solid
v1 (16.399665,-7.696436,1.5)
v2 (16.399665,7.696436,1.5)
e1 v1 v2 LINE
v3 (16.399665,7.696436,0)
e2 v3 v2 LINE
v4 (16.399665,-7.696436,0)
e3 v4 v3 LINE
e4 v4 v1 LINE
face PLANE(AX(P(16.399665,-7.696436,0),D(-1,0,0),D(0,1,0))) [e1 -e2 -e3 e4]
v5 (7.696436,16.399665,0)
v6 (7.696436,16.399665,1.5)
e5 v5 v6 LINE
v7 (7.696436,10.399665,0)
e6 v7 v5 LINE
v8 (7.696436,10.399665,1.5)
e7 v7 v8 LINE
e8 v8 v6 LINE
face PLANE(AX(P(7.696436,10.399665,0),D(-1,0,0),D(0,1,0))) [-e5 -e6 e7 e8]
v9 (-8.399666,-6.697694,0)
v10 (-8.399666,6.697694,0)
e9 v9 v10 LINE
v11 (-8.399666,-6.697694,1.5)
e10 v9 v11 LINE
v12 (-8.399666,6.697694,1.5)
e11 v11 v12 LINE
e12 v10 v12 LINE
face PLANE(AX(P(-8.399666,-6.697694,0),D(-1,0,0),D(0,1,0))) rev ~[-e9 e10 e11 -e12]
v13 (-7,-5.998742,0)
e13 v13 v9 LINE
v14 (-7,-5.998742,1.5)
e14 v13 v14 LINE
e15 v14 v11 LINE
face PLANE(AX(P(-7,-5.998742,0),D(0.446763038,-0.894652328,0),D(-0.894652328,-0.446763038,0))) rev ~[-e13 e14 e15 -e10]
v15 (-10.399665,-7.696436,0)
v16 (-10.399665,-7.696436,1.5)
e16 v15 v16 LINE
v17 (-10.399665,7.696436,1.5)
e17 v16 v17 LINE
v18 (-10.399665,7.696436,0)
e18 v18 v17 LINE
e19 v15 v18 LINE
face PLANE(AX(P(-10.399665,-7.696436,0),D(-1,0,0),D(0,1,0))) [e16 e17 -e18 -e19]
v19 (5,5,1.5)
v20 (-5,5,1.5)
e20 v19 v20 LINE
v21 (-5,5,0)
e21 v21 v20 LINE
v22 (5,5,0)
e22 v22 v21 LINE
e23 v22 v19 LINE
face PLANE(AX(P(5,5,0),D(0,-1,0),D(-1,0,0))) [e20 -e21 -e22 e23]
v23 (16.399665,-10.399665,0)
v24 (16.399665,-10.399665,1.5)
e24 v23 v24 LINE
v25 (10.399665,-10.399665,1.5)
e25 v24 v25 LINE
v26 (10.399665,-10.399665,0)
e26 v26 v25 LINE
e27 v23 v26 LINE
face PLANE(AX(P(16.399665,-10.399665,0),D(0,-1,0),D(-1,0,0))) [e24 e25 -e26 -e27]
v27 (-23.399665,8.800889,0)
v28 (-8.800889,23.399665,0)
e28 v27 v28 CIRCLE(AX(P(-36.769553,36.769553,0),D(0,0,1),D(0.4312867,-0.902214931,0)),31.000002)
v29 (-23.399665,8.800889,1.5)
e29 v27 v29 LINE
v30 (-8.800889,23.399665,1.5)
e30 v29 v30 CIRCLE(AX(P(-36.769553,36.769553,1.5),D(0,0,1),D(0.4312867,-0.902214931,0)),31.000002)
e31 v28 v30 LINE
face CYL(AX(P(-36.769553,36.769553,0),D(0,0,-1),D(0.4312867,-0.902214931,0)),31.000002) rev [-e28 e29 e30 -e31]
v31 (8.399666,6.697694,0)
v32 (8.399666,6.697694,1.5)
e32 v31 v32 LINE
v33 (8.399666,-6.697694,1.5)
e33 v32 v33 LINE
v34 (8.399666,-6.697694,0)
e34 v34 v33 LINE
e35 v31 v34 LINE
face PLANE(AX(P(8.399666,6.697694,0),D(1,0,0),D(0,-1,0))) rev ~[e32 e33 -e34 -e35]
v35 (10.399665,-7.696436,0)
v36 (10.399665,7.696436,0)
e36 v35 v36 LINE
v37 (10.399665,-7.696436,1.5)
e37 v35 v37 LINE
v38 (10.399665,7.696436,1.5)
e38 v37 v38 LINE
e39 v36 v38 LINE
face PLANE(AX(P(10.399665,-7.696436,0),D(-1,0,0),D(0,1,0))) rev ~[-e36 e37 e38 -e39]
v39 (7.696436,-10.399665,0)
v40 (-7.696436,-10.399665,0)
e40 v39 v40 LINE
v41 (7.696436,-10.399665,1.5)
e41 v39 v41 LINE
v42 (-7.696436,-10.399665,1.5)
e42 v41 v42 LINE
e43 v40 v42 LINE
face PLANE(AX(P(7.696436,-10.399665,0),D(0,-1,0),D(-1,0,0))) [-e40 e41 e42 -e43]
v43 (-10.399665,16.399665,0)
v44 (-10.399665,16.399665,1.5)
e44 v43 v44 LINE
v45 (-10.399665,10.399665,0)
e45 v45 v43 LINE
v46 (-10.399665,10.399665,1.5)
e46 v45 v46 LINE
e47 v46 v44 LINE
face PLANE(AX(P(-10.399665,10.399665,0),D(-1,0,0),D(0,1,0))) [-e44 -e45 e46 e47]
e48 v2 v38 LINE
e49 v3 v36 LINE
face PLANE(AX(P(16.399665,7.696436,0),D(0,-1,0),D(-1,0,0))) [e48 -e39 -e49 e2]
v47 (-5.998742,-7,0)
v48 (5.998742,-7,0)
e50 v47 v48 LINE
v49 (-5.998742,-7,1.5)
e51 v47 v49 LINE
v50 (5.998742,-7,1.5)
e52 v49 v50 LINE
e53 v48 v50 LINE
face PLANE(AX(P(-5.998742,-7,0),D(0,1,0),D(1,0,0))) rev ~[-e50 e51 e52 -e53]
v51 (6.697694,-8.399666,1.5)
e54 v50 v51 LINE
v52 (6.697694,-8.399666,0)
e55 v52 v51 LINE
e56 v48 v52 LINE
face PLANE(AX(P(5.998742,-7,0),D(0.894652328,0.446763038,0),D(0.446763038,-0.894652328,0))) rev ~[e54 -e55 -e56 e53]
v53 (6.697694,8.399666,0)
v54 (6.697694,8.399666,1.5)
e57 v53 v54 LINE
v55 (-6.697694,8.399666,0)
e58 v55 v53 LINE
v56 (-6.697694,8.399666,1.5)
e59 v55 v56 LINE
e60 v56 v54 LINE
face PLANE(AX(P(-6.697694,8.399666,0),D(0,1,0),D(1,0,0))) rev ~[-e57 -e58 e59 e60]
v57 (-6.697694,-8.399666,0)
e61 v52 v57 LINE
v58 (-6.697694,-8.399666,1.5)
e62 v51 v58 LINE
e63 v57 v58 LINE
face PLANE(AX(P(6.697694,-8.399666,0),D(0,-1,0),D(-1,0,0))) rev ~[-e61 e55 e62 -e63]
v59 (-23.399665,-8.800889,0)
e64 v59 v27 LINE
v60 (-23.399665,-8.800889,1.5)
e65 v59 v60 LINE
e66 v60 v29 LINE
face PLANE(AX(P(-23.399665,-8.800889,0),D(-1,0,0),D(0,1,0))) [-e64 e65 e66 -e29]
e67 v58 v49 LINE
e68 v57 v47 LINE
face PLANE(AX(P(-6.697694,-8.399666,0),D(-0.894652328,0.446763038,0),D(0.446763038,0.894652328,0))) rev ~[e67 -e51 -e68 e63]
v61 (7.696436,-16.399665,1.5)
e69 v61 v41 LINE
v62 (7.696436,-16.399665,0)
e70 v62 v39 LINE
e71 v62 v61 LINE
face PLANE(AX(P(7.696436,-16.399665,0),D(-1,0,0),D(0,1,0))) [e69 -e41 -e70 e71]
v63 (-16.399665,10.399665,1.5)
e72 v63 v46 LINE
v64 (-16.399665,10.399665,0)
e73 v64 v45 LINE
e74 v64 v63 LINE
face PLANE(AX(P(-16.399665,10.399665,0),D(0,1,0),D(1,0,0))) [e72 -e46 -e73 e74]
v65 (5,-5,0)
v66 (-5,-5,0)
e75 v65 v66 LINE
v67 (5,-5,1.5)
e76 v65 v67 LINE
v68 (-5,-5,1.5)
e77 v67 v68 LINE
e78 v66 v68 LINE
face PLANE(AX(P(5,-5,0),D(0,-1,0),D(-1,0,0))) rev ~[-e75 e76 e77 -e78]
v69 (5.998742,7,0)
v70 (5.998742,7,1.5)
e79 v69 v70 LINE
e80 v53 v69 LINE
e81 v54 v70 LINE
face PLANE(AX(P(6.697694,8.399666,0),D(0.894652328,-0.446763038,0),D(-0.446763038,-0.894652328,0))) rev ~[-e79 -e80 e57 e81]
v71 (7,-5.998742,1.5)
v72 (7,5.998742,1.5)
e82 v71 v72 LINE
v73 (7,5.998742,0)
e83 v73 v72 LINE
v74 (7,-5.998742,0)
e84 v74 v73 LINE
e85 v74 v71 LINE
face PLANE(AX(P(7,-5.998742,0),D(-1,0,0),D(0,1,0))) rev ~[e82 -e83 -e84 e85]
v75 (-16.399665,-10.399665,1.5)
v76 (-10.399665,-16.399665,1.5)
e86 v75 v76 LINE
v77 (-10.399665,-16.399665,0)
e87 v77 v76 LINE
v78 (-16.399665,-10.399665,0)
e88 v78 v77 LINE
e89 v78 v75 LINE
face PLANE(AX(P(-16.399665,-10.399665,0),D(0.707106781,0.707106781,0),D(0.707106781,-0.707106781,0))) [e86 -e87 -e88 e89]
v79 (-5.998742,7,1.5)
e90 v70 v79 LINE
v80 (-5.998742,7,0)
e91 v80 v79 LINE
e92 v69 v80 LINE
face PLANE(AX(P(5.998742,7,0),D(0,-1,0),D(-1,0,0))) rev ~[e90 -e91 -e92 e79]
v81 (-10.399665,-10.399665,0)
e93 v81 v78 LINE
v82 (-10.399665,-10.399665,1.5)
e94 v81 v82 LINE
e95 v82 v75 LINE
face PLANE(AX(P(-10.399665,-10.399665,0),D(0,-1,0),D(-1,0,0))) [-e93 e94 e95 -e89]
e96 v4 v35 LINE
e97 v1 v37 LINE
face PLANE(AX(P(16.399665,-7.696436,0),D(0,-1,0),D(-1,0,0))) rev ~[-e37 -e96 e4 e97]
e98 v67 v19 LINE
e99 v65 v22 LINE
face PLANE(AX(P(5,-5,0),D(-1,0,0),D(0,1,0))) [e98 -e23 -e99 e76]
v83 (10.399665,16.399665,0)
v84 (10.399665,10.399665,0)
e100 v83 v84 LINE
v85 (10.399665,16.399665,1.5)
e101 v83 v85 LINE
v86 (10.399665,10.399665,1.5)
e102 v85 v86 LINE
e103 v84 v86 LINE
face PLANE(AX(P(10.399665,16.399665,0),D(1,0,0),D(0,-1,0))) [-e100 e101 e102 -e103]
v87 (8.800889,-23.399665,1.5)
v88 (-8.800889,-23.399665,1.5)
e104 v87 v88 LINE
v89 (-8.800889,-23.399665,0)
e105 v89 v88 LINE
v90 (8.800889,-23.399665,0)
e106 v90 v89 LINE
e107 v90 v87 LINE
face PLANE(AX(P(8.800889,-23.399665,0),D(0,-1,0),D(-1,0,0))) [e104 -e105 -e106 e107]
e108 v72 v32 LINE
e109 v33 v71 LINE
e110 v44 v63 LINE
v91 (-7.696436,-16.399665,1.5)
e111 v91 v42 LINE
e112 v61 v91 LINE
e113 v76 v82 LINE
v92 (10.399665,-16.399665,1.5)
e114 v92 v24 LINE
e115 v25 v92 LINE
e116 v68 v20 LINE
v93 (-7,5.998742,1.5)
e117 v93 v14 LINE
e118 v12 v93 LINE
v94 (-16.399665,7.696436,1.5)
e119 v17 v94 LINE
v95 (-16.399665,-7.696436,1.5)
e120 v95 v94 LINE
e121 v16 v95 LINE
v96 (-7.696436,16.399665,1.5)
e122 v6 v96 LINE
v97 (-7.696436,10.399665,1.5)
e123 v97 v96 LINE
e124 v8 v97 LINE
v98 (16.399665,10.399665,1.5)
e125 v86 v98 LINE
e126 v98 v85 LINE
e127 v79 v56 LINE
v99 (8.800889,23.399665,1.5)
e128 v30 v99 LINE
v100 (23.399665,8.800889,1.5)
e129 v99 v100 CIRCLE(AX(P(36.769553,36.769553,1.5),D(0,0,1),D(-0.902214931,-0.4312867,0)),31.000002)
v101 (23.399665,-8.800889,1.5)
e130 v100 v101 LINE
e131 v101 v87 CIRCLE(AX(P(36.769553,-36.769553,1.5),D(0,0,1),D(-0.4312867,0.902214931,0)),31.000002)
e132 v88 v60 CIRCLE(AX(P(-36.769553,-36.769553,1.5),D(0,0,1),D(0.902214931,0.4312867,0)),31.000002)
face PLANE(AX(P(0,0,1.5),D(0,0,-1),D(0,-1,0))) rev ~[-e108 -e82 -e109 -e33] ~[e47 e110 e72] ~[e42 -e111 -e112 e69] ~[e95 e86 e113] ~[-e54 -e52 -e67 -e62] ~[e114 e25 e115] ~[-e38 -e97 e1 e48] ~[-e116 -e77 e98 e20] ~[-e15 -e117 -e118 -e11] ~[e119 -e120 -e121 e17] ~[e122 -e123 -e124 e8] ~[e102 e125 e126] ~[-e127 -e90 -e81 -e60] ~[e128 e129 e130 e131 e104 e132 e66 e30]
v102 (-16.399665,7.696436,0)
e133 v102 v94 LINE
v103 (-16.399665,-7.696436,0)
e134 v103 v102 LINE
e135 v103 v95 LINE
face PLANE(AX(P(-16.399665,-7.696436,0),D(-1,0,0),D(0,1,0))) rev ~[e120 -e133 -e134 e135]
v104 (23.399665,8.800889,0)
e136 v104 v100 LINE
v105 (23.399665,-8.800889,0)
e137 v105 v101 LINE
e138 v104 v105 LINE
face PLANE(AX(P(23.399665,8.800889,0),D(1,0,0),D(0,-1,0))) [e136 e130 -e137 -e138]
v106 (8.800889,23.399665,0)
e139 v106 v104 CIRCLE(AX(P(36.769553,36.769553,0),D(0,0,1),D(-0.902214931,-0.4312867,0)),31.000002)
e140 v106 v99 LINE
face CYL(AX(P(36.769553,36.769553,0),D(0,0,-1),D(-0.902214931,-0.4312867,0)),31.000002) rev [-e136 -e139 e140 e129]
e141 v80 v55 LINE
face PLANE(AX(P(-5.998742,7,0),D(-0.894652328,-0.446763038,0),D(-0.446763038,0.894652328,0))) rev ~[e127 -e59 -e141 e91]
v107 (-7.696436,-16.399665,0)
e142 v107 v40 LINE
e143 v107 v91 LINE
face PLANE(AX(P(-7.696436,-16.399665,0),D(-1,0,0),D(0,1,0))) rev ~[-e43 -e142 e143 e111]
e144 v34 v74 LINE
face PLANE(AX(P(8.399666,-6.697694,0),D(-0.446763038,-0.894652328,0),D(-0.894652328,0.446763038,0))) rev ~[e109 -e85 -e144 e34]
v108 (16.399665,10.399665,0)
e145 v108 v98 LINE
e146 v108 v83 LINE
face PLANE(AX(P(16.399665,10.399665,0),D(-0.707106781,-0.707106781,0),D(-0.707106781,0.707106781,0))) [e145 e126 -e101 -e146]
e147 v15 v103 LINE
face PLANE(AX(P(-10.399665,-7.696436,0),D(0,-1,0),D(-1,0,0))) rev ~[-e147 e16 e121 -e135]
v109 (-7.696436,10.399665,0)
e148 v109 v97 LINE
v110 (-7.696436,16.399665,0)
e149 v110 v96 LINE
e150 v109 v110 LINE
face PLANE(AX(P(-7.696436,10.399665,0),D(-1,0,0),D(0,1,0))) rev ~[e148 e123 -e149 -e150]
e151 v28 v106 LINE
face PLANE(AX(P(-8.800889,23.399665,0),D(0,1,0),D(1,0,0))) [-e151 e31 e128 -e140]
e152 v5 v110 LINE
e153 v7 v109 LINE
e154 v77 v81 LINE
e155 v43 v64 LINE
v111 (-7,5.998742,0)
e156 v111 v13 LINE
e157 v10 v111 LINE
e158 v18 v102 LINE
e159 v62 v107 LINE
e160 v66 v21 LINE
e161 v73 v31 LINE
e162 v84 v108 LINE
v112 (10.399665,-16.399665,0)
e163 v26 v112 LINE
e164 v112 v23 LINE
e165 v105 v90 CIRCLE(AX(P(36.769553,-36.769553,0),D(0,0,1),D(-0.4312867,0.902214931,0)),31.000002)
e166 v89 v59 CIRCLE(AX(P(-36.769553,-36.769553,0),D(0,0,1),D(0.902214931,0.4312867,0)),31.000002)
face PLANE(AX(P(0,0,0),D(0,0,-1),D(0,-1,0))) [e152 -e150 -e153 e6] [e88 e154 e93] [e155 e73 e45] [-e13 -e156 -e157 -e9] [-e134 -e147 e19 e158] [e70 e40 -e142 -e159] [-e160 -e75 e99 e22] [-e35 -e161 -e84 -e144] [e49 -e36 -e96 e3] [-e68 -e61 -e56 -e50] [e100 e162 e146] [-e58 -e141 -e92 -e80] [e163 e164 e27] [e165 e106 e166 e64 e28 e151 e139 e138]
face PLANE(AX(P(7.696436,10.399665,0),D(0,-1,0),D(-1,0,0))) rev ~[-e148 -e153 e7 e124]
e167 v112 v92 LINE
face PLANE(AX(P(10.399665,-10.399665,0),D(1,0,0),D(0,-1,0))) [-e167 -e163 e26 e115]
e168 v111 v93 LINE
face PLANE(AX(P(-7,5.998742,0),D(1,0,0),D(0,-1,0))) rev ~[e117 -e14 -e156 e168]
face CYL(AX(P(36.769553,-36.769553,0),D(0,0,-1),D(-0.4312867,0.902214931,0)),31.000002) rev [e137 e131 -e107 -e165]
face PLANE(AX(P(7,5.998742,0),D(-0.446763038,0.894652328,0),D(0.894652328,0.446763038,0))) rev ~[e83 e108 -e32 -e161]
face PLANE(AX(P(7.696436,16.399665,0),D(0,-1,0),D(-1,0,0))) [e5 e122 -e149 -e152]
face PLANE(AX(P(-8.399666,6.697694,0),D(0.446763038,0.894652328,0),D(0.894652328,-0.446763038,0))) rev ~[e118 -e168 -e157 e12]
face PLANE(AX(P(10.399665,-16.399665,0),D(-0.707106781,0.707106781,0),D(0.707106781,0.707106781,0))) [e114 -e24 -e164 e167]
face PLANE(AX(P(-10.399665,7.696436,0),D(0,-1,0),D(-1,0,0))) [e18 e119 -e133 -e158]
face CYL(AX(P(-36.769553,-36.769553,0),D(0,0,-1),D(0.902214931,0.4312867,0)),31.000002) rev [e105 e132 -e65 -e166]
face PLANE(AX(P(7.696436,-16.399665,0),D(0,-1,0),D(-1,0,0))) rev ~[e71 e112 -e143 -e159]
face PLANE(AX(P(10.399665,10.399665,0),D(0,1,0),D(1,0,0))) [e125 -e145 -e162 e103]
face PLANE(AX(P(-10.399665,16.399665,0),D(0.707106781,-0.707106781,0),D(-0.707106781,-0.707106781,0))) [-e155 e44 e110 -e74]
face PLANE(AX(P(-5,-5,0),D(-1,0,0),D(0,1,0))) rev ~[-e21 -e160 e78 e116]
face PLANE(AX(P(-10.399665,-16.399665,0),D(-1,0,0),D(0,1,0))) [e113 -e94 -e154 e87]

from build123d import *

# Parameters (mm, degrees)
EXTRUDE001_DEPTH = 3
FACE001_W        = 6
FACE001_H        = 15.392872
EXTRUDE002_DEPTH = 3
EXTRUDE003_DEPTH = 3
FACE003_W        = 15.392872
FACE003_H        = 6
EXTRUDE004_DEPTH = 3
EXTRUDE005_DEPTH = 3
EXTRUDE006_DEPTH = 3
EXTRUDE007_DEPTH = 3
FACE007_W        = 10
FACE007_H        = 10
EXTRUDE008_DEPTH = 3
EXTRUDE009_DEPTH = 3
EXTRUDE010_DEPTH = 3
EXTRUDE012_DEPTH = 3
FACE012_W        = 6
FACE012_H        = 15.392872
EXTRUDE013_DEPTH = 3
FACE010_W        = 15.392872
FACE010_H        = 6
EXTRUDE011_DEPTH = 3
EXTRUDE_DEPTH    = 1.5


with BuildPart() as extrude001:
    # Face → Extrude001 (new body)
    with BuildSketch(Plane(origin=(-12.399665, 12.399665, 0), x_dir=(0, 1, 0), z_dir=(0, 0, 1))):
        Polygon((4, -2), (-2, 4), (-2, -2), align=None)
    extrude(amount=EXTRUDE001_DEPTH)


with BuildPart() as extrude002:
    # Face001 → Extrude002 (new body)
    with BuildSketch(Plane(origin=(0, 13.399665, 0), x_dir=(0, 1, 0), z_dir=(0, 0, 1))):
        Rectangle(FACE001_W, FACE001_H)
    extrude(amount=EXTRUDE002_DEPTH)


with BuildPart() as extrude003:
    # Face002 → Extrude003 (new body)
    with BuildSketch(Plane(origin=(12.399665, 12.399665, 0), x_dir=(0, 1, 0), z_dir=(0, 0, 1))):
        Polygon((-2, -4), (4, 2), (-2, 2), align=None)
    extrude(amount=EXTRUDE003_DEPTH)


with BuildPart() as extrude004:
    # Face003 → Extrude004 (new body)
    with BuildSketch(Plane(origin=(13.399665, 0, 0), x_dir=(0, 1, 0), z_dir=(0, 0, 1))):
        Rectangle(FACE003_W, FACE003_H)
    extrude(amount=EXTRUDE004_DEPTH)


with BuildPart() as extrude005:
    # Face004 → Extrude005 (new body)
    with BuildSketch(Plane(origin=(12.399665, -12.399665, 0), x_dir=(0, 1, 0), z_dir=(0, 0, 1))):
        Polygon((2, -4), (2, 2), (-4, 2), align=None)
    extrude(amount=EXTRUDE005_DEPTH)


with BuildPart() as extrude006:
    # Face005 → Extrude006 (new body)
    with BuildSketch(Plane(origin=(7.712675, 0, 0), x_dir=(0, -1, 0), z_dir=(0, 0, -1))):
        Polygon((5.998742, 0.712675), (-5.998742, 0.712675), (-6.697694, -0.686991), (6.697694, -0.686991), align=None)
    extrude(amount=-EXTRUDE006_DEPTH)


with BuildPart() as extrude007:
    # Face006 → Extrude007 (new body)
    with BuildSketch(Plane(origin=(0, 7.712675, 0), x_dir=(0, -1, 0), z_dir=(0, 0, -1))):
        Polygon((-0.686991, 6.697694), (-0.686991, -6.697694), (0.712675, -5.998742), (0.712675, 5.998742), align=None)
    extrude(amount=-EXTRUDE007_DEPTH)


with BuildPart() as extrude008:
    # Face007 → Extrude008 (new body)
    with BuildSketch(Plane(origin=(0, 0, 0), x_dir=(0, 1, 0), z_dir=(0, 0, 1))):
        Rectangle(FACE007_W, FACE007_H)
    extrude(amount=EXTRUDE008_DEPTH)


with BuildPart() as extrude009:
    # Face008 → Extrude009 (new body)
    with BuildSketch(Plane(origin=(0, -7.712675, 0), x_dir=(0, -1, 0), z_dir=(0, 0, -1))):
        Polygon((-0.712675, 5.998742), (-0.712675, -5.998742), (0.686991, -6.697694), (0.686991, 6.697694), align=None)
    extrude(amount=-EXTRUDE009_DEPTH)


with BuildPart() as extrude010:
    # Face009 → Extrude010 (new body)
    with BuildSketch(Plane(origin=(-7.712675, 0, 0), x_dir=(0, -1, 0), z_dir=(0, 0, -1))):
        Polygon((6.697694, 0.686991), (-6.697694, 0.686991), (-5.998742, -0.712675), (5.998742, -0.712675), align=None)
    extrude(amount=-EXTRUDE010_DEPTH)


with BuildPart() as extrude012:
    # Face011 → Extrude012 (new body)
    with BuildSketch(Plane(origin=(-12.399665, -12.399665, 0), x_dir=(0, 1, 0), z_dir=(0, 0, 1))):
        Polygon((2, -2), (2, 4), (-4, -2), align=None)
    extrude(amount=EXTRUDE012_DEPTH)


with BuildPart() as extrude013:
    # Face012 → Extrude013 (new body)
    with BuildSketch(Plane(origin=(0, -13.399665, 0), x_dir=(0, 1, 0), z_dir=(0, 0, 1))):
        Rectangle(FACE012_W, FACE012_H)
    extrude(amount=EXTRUDE013_DEPTH)


with BuildPart() as extrude011:
    # Face010 → Extrude011 (new body)
    with BuildSketch(Plane(origin=(-13.399665, 0, 0), x_dir=(0, 1, 0), z_dir=(0, 0, 1))):
        Rectangle(FACE010_W, FACE010_H)
    extrude(amount=EXTRUDE011_DEPTH)


with BuildPart() as cut012:
    # Face013 → Extrude (new body)
    with BuildSketch(Plane(origin=(0, 0, 0), x_dir=(0, -1, 0), z_dir=(0, 0, -1))):
        with BuildLine():
            ThreePointArc((23.399665, 8.800889), (14.849242, 14.849242), (8.800889, 23.399665))
            Line((8.800889, 23.399665), (-8.800889, 23.399665))
            ThreePointArc((-8.800889, 23.399665), (-14.849242, 14.849242), (-23.399665, 8.800889))
            Line((-23.399665, 8.800889), (-23.399665, -8.800889))
            ThreePointArc((-23.399665, -8.800889), (-14.849242, -14.849242), (-8.800889, -23.399665))
            Line((-8.800889, -23.399665), (8.800889, -23.399665))
            ThreePointArc((8.800889, -23.399665), (14.849242, -14.849242), (23.399665, -8.800889))
            Line((23.399665, -8.800889), (23.399665, 8.800889))
        make_face()
    extrude(amount=-EXTRUDE_DEPTH)

    # Cut: cut Extrude011
    add(extrude011.part, mode=Mode.SUBTRACT)

    # Cut001: cut Extrude013
    add(extrude013.part, mode=Mode.SUBTRACT)

    # Cut002: cut Extrude012
    add(extrude012.part, mode=Mode.SUBTRACT)

    # Cut003: cut Extrude010
    add(extrude010.part, mode=Mode.SUBTRACT)

    # Cut004: cut Extrude009
    add(extrude009.part, mode=Mode.SUBTRACT)

    # Cut005: cut Extrude008
    add(extrude008.part, mode=Mode.SUBTRACT)

    # Cut006: cut Extrude007
    add(extrude007.part, mode=Mode.SUBTRACT)

    # Cut007: cut Extrude006
    add(extrude006.part, mode=Mode.SUBTRACT)

    # Cut008: cut Extrude005
    add(extrude005.part, mode=Mode.SUBTRACT)

    # Cut009: cut Extrude004
    add(extrude004.part, mode=Mode.SUBTRACT)

    # Cut010: cut Extrude003
    add(extrude003.part, mode=Mode.SUBTRACT)

    # Cut011: cut Extrude002
    add(extrude002.part, mode=Mode.SUBTRACT)

    # Cut012: cut Extrude001
    add(extrude001.part, mode=Mode.SUBTRACT)


solid = cut012.part
